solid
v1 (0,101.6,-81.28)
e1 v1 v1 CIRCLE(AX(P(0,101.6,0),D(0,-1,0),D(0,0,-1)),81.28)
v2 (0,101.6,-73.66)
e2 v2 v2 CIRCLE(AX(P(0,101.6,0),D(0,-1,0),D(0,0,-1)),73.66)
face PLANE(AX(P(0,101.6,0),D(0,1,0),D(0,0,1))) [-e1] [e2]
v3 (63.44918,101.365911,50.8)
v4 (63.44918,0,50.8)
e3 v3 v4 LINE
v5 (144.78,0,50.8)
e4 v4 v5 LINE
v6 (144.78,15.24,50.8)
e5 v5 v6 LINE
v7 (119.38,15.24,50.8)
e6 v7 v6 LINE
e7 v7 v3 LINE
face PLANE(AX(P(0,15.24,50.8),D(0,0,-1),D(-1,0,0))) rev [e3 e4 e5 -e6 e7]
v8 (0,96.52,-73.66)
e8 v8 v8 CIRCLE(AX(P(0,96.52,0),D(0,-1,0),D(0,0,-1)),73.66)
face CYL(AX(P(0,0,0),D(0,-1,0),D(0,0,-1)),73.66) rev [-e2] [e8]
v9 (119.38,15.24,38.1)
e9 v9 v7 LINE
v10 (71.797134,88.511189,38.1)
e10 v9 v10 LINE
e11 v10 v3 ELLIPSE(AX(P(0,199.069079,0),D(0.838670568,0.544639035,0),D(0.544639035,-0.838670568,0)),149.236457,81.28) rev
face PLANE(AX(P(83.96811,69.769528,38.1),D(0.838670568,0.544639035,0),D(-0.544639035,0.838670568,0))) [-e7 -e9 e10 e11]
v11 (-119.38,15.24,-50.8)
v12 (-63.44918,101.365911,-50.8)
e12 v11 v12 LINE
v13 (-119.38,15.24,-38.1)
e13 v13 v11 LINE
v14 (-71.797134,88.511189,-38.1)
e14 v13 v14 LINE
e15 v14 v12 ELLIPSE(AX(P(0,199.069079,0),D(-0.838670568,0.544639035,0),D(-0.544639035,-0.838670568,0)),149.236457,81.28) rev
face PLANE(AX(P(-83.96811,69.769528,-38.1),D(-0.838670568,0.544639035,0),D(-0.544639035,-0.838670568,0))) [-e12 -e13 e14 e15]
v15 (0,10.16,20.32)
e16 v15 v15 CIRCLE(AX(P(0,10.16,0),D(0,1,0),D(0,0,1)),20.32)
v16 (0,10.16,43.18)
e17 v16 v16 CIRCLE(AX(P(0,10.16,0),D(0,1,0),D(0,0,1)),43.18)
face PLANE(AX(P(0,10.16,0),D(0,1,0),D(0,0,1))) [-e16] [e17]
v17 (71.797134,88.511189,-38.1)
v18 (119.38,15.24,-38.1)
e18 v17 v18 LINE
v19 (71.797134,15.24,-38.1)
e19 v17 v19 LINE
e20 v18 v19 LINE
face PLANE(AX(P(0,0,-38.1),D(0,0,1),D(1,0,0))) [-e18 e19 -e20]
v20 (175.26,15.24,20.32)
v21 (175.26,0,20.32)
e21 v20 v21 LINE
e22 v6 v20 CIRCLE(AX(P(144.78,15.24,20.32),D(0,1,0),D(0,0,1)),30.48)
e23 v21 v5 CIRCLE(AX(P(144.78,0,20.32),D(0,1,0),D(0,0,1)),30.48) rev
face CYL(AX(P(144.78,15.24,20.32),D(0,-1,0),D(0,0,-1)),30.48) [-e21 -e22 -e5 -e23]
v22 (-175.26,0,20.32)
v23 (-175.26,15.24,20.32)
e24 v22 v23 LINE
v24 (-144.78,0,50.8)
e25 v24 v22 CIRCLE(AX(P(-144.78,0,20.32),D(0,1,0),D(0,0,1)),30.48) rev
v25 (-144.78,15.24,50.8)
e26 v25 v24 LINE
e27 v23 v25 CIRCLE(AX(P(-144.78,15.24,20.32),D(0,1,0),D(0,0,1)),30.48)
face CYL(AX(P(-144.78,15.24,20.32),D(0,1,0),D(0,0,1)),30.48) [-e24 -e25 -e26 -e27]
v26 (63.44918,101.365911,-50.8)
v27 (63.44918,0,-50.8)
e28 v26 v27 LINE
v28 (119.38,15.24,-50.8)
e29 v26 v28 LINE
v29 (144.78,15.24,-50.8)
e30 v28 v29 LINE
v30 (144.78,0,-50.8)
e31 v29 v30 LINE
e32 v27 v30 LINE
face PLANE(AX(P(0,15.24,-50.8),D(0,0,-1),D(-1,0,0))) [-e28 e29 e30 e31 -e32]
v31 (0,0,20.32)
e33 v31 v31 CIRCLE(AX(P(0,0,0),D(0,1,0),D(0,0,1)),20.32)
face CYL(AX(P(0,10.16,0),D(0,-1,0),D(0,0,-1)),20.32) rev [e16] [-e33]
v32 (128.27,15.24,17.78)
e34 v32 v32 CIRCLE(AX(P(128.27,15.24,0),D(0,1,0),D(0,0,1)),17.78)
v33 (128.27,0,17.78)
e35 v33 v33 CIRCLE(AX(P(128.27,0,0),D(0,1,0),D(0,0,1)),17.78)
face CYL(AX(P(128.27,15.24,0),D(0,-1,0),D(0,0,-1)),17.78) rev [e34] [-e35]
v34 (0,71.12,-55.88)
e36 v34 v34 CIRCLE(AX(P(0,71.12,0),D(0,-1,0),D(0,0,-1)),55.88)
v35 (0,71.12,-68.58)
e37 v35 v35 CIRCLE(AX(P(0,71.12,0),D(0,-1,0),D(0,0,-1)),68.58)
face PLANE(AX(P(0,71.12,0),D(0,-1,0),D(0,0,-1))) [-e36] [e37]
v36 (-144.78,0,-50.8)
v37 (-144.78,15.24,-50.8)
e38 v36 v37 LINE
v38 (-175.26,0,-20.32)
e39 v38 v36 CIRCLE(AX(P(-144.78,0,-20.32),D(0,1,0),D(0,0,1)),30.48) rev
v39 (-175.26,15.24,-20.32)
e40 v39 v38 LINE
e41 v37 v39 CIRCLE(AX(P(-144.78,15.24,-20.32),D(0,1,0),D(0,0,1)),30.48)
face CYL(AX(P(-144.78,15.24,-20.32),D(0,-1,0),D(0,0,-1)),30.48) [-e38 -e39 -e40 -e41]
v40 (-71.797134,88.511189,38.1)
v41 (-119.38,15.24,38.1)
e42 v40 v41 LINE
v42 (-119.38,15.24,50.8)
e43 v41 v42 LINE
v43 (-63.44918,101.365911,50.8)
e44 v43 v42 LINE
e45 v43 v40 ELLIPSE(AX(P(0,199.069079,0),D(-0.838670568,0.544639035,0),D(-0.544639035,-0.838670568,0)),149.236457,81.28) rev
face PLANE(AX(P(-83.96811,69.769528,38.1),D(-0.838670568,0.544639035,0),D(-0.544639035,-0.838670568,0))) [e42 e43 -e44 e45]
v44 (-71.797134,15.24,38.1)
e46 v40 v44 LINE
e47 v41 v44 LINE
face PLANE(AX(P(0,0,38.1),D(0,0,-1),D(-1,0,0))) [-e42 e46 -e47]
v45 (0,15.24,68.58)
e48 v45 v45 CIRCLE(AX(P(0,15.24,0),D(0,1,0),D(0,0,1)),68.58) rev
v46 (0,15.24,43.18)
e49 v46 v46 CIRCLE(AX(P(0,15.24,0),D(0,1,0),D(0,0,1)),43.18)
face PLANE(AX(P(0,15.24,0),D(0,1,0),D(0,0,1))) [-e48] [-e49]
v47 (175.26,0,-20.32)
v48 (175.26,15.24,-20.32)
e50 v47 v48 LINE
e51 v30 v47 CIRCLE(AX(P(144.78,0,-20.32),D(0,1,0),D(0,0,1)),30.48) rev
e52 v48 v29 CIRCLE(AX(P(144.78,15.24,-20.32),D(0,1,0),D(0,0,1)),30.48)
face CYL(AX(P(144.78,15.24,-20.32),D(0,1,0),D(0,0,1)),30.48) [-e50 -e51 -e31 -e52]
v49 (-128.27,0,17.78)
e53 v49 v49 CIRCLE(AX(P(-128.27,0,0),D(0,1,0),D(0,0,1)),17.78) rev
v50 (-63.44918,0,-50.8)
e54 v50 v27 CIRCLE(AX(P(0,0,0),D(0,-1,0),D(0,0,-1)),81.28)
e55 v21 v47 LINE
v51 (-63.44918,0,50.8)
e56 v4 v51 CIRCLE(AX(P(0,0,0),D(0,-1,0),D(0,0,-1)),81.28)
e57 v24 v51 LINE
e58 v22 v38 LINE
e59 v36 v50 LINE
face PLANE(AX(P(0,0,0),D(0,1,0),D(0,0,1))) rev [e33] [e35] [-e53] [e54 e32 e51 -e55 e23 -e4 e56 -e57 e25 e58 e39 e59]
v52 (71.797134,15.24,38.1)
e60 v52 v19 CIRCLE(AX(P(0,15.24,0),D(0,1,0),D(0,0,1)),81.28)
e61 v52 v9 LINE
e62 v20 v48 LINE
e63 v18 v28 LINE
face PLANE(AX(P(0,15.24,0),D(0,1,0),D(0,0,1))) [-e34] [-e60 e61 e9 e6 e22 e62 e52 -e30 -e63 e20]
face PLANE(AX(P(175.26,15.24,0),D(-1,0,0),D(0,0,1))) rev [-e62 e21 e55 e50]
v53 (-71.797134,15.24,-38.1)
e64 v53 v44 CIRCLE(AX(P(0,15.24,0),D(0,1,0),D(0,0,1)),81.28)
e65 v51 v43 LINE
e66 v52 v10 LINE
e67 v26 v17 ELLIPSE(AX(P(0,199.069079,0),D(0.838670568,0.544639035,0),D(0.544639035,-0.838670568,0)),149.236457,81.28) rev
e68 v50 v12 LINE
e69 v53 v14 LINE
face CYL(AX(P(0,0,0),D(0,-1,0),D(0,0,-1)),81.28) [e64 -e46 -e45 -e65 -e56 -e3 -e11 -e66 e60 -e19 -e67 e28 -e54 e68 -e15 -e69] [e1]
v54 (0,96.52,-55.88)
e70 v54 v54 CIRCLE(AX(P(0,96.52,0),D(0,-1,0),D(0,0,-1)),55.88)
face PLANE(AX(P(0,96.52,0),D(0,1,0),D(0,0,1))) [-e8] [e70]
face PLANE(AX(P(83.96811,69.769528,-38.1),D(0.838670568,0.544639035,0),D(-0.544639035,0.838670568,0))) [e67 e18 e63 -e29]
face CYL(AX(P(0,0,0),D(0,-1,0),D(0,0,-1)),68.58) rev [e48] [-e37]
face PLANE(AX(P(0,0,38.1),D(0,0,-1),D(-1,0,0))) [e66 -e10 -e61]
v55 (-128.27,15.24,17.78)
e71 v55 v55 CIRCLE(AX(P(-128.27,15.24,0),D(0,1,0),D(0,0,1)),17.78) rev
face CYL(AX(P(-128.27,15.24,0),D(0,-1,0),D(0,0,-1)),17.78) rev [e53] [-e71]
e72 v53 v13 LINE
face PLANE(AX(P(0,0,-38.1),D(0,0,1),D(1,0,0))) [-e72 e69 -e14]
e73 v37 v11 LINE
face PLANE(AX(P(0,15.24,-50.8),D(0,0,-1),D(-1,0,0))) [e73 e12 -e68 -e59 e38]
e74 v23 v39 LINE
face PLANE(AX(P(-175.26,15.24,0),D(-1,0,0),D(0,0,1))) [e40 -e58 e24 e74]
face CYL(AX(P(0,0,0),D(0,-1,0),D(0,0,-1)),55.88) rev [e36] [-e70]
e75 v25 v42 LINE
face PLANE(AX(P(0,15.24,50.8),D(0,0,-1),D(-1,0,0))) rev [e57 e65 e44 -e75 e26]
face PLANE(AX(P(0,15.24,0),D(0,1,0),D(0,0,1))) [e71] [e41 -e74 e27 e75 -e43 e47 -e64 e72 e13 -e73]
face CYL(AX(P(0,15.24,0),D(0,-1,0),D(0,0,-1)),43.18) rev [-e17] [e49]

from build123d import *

# Parameters (mm, degrees)
SKETCH2_W           = 350.52
SKETCH2_H           = 101.6
SKETCH2_R           = 43.18
SKETCH2_R_2         = 17.78
BOSS_EXTRUDE1_DEPTH = 15.24
SKETCH2_3_R         = 43.18
SKETCH2_3_R_2       = 20.32
BOSS_EXTRUDE2_DEPTH = 10.16
BOSS_EXTRUDE3_START = -50.8
BOSS_EXTRUDE3_DEPTH = 12.7
BOSS_EXTRUDE4_START = 50.8
BOSS_EXTRUDE4_DEPTH = 12.7
FILLET1_R           = 30.48


with BuildPart() as part:
    # Sketch2 → Boss-Extrude1 (new body)
    with BuildSketch(Plane(origin=(0, 0, 0), x_dir=(1, 0, 0), z_dir=(0, 1, 0))):
        Rectangle(SKETCH2_W, SKETCH2_H)
        Circle(SKETCH2_R, mode=Mode.SUBTRACT)
        with Locations((128.27, 0)):
            Circle(SKETCH2_R_2, mode=Mode.SUBTRACT)
        with Locations((-128.27, 0)):
            Circle(SKETCH2_R_2, mode=Mode.SUBTRACT)
    extrude(amount=BOSS_EXTRUDE1_DEPTH)

    # Sketch2<3> → Boss-Extrude2 (add)
    with BuildSketch(Plane(origin=(0, 0, 0), x_dir=(1, 0, 0), z_dir=(0, 1, 0))):
        Circle(SKETCH2_3_R)
        Circle(SKETCH2_3_R_2, mode=Mode.SUBTRACT)
    extrude(amount=BOSS_EXTRUDE2_DEPTH)

    # Sketch3 → Revolve1 (revolve)
    with BuildSketch(Plane.XY):
        Polygon((43.18, 15.24), (43.18, 0), (81.28, 0), (81.28, 101.6), (73.66, 101.6), (73.66, 96.52), (55.88, 96.52), (55.88, 71.12), (68.58, 71.12), (68.58, 15.24), align=None)
    revolve(axis=Axis((0, 0, 0), (0, 1, 0)))

    # Sketch4 → Boss-Extrude3 (add)
    with BuildSketch(Plane.XY.offset(BOSS_EXTRUDE3_START)):
        Polygon((119.38, 15.24), (63.297160251, 101.6), (63.297160251, 15.24), align=None)
        Polygon((-63.297160251, 15.24), (-119.38, 15.24), (-63.297160251, 101.6), align=None)
    extrude(amount=BOSS_EXTRUDE3_DEPTH)

    # Sketch4<2> → Boss-Extrude4 (add)
    with BuildSketch(Plane.XY.offset(BOSS_EXTRUDE4_START)):
        Polygon((119.38, 15.24), (63.297160251, 101.6), (63.297160251, 15.24), align=None)
        Polygon((-63.297160251, 15.24), (-119.38, 15.24), (-63.297160251, 101.6), align=None)
    extrude(amount=-BOSS_EXTRUDE4_DEPTH)

    # Fillet1
    fillet1_edges = [part.edges().sort_by_distance(p)[0] for p in [
        (-175.26, 7.62, 50.8),
        (-175.26, 7.62, -50.8),
        (175.26, 7.62, -50.8),
        (175.26, 7.62, 50.8),
    ]]
    fillet(fillet1_edges, radius=FILLET1_R)


solid = part.part
